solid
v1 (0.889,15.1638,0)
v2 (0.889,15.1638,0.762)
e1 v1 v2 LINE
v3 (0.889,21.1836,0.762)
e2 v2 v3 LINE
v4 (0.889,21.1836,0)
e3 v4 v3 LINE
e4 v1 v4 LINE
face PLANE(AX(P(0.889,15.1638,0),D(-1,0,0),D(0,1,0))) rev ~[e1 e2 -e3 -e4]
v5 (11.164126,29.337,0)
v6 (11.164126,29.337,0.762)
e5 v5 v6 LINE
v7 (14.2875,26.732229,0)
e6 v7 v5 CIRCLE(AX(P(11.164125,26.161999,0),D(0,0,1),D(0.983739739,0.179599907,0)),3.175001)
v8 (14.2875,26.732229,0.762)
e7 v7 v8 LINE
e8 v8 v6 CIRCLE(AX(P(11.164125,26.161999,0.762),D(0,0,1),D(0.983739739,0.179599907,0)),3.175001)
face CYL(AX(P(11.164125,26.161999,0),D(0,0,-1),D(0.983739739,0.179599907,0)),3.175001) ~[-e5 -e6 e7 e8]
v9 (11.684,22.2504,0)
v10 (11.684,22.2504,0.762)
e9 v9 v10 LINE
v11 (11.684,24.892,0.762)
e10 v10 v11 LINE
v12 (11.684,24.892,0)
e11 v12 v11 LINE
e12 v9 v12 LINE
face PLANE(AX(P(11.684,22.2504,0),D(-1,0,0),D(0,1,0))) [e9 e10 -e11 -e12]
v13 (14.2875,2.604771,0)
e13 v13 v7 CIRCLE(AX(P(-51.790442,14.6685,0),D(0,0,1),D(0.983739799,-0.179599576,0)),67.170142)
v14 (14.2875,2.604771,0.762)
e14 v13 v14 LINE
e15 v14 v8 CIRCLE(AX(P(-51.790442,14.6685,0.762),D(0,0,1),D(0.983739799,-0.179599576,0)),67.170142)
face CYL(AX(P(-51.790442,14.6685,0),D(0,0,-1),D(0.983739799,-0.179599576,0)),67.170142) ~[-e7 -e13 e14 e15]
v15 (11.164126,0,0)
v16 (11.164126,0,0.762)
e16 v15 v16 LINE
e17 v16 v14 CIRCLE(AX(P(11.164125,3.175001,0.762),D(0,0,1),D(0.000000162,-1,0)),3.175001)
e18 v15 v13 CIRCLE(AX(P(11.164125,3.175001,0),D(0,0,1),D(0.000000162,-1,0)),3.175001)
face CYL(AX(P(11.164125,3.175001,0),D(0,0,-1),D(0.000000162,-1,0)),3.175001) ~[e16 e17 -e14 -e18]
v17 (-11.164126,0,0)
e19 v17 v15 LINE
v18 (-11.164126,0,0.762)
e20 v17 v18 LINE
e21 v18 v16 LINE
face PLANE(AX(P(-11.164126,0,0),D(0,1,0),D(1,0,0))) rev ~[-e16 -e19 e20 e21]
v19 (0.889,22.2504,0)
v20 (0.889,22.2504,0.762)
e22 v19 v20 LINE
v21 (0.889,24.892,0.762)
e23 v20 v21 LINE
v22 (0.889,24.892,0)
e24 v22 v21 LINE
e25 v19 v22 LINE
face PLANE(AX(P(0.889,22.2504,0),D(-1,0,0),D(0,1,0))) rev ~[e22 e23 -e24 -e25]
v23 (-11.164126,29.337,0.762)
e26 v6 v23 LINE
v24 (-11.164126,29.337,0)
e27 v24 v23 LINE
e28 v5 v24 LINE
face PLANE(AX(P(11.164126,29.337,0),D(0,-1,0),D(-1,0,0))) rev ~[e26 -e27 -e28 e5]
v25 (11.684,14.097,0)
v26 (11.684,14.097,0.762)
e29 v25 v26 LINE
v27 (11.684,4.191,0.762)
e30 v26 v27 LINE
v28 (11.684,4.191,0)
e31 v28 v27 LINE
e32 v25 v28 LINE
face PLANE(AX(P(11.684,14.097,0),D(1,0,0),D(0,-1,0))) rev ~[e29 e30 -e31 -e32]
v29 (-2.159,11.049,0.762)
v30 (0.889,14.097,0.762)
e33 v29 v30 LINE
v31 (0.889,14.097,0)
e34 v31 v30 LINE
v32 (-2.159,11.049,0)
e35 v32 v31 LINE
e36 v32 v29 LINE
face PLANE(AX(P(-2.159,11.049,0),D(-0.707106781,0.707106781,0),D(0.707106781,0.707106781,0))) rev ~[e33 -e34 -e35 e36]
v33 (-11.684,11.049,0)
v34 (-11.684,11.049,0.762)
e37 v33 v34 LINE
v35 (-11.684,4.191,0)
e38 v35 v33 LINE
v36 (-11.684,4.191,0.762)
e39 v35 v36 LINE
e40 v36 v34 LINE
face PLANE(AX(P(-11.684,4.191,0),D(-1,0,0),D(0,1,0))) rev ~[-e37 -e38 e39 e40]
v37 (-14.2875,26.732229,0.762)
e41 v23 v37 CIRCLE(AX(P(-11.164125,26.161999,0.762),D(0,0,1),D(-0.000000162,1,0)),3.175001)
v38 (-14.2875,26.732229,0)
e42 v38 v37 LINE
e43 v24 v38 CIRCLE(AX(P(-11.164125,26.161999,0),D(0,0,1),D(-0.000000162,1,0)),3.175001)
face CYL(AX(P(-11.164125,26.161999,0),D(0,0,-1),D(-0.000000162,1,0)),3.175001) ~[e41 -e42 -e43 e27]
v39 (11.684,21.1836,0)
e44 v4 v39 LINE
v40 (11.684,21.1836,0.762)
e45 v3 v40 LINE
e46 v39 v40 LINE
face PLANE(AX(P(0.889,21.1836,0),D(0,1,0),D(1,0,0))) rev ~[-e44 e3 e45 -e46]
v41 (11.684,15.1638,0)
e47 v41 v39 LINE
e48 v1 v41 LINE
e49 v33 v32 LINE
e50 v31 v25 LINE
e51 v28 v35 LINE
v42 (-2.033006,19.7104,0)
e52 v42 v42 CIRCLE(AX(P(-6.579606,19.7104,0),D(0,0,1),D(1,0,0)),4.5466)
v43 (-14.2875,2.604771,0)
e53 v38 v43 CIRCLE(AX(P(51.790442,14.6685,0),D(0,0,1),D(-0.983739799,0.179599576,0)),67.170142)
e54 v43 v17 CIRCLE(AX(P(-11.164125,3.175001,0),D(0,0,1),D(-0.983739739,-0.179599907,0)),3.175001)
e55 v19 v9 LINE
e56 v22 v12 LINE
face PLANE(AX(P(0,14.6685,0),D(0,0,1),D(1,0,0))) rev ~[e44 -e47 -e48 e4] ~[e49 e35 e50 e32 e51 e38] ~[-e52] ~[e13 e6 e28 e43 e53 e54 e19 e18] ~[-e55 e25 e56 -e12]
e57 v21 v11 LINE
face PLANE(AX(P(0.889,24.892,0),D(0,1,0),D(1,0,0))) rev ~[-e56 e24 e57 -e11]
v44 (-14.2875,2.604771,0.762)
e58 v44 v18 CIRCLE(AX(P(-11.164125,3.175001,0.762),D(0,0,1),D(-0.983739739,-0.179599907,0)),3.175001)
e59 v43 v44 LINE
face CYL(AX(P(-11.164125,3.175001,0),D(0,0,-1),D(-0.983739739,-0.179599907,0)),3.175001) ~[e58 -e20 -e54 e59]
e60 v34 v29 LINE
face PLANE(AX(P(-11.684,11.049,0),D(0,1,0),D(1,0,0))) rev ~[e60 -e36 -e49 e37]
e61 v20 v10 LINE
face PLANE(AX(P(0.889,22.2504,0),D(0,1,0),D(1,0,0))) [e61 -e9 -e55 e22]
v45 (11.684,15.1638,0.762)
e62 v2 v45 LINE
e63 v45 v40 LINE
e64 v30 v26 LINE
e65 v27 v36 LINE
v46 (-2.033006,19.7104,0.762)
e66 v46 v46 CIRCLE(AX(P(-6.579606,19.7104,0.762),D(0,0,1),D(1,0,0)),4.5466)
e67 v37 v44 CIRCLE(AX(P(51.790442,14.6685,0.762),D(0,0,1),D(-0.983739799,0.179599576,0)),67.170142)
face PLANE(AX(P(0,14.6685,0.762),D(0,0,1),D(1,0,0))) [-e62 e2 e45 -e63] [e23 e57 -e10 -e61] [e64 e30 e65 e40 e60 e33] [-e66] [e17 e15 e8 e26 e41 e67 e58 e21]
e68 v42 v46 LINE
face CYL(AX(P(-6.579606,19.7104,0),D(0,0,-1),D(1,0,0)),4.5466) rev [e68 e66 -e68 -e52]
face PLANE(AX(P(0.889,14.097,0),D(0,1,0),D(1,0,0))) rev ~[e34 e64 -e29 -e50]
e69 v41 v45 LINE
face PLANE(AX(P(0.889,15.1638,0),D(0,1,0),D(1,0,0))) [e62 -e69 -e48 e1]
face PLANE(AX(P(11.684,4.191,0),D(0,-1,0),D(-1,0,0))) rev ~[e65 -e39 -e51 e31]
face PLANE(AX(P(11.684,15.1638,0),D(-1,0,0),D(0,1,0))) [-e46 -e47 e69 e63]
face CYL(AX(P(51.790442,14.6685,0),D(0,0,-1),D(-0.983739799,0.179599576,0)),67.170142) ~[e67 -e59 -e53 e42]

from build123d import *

# Parameters (mm, degrees)
F0_R     = 4.5466
F0_W     = 10.795
F0_H     = 6.0198
F0_H_2   = 2.6416
F1_DEPTH = 0.762


with BuildPart() as f1:
    # F0 (on Top) → F1 (new body)
    with BuildSketch(Plane.XY):
        with BuildLine():
            ThreePointArc((-14.2875, 2.604771), (-13.197614, 0.73665), (-11.164126, 0))
            Line((-11.164126, 0), (11.164126, 0))
            ThreePointArc((11.164126, 0), (13.197614, 0.73665), (14.2875, 2.604771))
            ThreePointArc((14.2875, 2.604771), (15.3797, 14.6685), (14.2875, 26.732229))
            ThreePointArc((14.2875, 26.732229), (13.197614, 28.60035), (11.164126, 29.337))
            Line((11.164126, 29.337), (-11.164126, 29.337))
            ThreePointArc((-11.164126, 29.337), (-13.197614, 28.60035), (-14.2875, 26.732229))
            ThreePointArc((-14.2875, 26.732229), (-15.3797, 14.6685), (-14.2875, 2.604771))
        make_face()
        Polygon((0.889, 14.097), (11.684, 14.097), (11.684, 4.191), (-11.684, 4.191), (-11.684, 11.049), (-2.159, 11.049), align=None, mode=Mode.SUBTRACT)
        with Locations((-6.579606, 19.7104)):
            Circle(F0_R, mode=Mode.SUBTRACT)
        with Locations((6.2865, 18.1737)):
            Rectangle(F0_W, F0_H, mode=Mode.SUBTRACT)
        with Locations((6.2865, 23.5712)):
            Rectangle(F0_W, F0_H_2, mode=Mode.SUBTRACT)
    extrude(amount=F1_DEPTH)


solid = f1.part
